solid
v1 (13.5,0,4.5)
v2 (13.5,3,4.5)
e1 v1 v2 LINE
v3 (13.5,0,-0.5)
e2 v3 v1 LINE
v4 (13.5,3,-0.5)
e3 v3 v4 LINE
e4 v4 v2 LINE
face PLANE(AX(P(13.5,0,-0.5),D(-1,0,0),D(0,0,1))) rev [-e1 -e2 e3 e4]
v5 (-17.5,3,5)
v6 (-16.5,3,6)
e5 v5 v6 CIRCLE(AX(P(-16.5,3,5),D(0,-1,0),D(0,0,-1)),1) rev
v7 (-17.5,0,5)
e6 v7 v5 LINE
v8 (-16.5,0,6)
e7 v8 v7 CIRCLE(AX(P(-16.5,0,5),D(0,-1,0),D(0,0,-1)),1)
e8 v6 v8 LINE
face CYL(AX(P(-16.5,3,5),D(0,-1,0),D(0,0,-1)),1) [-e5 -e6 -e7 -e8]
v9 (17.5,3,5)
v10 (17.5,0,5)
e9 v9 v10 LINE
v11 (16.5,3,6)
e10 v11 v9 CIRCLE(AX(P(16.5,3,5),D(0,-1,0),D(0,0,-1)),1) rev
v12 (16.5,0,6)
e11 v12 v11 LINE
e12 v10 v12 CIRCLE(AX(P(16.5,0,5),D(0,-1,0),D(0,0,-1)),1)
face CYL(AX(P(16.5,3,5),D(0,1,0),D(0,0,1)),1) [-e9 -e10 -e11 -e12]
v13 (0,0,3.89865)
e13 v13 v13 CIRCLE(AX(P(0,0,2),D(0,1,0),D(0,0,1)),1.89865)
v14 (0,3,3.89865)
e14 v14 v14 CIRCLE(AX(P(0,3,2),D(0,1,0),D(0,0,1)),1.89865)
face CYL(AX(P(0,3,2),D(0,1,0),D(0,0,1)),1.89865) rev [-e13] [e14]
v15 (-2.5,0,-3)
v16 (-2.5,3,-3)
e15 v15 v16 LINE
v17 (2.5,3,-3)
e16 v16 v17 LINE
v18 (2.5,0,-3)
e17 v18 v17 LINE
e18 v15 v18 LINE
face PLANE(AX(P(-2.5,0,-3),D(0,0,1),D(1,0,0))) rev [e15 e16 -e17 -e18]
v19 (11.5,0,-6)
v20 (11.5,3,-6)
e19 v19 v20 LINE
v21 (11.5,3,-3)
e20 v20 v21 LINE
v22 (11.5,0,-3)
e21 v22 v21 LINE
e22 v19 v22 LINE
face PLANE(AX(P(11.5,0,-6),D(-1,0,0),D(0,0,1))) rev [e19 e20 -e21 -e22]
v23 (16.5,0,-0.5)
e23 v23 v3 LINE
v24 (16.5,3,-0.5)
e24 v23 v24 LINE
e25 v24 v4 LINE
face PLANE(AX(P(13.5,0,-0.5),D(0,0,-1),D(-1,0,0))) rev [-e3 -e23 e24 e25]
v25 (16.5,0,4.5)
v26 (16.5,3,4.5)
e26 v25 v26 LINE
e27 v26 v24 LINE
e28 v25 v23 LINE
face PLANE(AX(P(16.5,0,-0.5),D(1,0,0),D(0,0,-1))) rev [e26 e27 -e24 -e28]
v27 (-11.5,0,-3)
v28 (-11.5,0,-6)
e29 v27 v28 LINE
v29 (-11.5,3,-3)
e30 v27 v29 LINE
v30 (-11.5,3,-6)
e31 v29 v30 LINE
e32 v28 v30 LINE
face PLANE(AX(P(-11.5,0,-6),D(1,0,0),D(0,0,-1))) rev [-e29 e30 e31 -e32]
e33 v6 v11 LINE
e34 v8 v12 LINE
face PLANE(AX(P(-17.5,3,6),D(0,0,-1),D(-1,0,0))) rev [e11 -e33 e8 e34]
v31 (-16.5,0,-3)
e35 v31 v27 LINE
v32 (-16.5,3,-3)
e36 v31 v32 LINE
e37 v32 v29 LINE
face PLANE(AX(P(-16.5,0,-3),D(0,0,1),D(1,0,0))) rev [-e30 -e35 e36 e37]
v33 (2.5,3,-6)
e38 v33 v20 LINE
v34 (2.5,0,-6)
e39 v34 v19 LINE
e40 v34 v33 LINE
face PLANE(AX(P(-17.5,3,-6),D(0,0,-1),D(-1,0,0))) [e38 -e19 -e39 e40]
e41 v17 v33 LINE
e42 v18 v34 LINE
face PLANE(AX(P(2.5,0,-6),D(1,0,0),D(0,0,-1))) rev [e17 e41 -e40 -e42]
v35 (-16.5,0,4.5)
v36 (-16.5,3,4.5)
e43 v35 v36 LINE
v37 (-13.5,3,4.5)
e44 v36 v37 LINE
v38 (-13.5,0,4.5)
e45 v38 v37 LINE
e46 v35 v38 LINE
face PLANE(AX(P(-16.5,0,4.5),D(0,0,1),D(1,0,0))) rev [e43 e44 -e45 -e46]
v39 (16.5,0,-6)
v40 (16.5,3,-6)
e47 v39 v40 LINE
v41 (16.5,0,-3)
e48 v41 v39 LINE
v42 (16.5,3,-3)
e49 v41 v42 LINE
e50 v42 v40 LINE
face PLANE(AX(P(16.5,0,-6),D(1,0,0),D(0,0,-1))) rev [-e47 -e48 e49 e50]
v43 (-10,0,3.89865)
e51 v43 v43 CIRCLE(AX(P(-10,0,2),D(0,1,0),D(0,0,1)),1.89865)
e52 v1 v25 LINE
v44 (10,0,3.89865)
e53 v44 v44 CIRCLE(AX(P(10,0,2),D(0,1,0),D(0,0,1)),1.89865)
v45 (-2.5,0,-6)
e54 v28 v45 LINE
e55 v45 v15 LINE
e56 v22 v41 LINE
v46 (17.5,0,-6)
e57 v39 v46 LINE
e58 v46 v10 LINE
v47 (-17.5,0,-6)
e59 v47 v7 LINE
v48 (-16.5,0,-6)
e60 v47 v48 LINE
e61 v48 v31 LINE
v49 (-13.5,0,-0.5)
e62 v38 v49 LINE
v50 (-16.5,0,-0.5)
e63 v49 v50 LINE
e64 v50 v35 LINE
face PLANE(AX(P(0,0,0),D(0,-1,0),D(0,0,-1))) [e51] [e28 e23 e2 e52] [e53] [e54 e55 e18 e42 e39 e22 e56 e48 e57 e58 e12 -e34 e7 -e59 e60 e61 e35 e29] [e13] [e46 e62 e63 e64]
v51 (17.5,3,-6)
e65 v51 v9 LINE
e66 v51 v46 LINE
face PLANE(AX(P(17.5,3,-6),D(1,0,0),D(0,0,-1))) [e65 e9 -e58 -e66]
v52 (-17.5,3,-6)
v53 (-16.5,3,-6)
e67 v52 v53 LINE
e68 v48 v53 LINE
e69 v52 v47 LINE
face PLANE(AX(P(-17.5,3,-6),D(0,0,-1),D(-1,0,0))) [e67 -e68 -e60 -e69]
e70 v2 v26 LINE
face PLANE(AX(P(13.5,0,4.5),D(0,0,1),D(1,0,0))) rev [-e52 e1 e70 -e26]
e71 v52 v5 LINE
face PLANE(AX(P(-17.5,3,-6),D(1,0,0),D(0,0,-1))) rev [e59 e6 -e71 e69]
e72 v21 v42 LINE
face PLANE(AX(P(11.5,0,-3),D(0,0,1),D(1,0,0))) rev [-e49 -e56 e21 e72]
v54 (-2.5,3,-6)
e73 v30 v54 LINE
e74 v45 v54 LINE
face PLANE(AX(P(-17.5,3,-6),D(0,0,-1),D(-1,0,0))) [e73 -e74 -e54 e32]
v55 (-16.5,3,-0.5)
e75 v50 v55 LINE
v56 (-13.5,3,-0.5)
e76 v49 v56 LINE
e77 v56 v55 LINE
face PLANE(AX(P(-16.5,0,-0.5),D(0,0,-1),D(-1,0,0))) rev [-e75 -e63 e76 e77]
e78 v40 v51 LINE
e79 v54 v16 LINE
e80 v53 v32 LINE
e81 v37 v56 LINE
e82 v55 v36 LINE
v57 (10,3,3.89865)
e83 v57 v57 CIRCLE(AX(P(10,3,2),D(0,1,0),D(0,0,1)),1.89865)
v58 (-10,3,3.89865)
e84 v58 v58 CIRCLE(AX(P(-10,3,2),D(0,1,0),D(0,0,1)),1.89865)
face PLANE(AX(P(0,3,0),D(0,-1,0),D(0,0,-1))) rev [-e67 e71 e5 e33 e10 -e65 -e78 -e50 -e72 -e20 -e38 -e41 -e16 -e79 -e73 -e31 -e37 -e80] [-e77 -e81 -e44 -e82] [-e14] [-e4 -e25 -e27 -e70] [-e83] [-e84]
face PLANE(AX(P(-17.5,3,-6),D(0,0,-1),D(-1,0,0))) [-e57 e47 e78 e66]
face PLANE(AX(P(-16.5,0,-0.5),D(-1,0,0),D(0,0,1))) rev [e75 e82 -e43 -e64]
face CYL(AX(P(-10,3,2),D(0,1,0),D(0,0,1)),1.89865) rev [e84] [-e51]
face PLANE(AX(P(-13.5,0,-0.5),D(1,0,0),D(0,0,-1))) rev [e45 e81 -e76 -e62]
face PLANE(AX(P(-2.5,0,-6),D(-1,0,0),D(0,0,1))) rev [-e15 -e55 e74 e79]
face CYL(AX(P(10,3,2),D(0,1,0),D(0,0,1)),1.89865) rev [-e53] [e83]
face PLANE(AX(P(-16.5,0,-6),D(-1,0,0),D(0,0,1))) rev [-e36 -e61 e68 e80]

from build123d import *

# Parameters (mm, degrees)
SKETCH1_W             = 35
SKETCH1_H             = 12
BOSS_EXTRUDE1_DEPTH   = 3
SKETCH5_W             = 3
SKETCH5_H             = 5
SKETCH5_W_2           = 5
SKETCH5_H_2           = 3
CUT_EXTRUDE1_DEPTH    = 3
FILLET1_R             = 1
F_6_CLEARANCE_HOLE2_D = 3.7973


with BuildPart() as part:
    # Sketch1 → Boss-Extrude1 (new body)
    with BuildSketch(Plane(origin=(0, 0, 0), x_dir=(1, 0, 0), z_dir=(0, 1, 0))):
        Rectangle(SKETCH1_W, SKETCH1_H)
    extrude(amount=BOSS_EXTRUDE1_DEPTH)

    # Sketch5 → Cut-Extrude1 (cut)
    with BuildSketch(Plane(origin=(0, 3, 0), x_dir=(1, 0, 0), z_dir=(0, 1, 0))):
        with Locations((-15, -2)):
            Rectangle(SKETCH5_W, SKETCH5_H)
        with Locations((15, -2)):
            Rectangle(SKETCH5_W, SKETCH5_H)
        with Locations((-14, 4.5)):
            Rectangle(SKETCH5_W_2, SKETCH5_H_2)
        with Locations((0, 4.5)):
            Rectangle(SKETCH5_W_2, SKETCH5_H_2)
        with Locations((14, 4.5)):
            Rectangle(SKETCH5_W_2, SKETCH5_H_2)
    extrude(amount=-CUT_EXTRUDE1_DEPTH, mode=Mode.SUBTRACT)

    # Fillet1
    fillet1_edges = [part.edges().sort_by_distance(p)[0] for p in [
        (-17.5, 1.5, 6),
        (17.5, 1.5, 6),
    ]]
    fillet(fillet1_edges, radius=FILLET1_R)

    # #6 Clearance Hole2 (through all)
    with Locations(Plane(origin=(0, 3, 0), x_dir=(1, 0, 0), z_dir=(0, 1, 0))):
        with Locations((-10, -2), (0, -2), (10, -2)):
            Hole(F_6_CLEARANCE_HOLE2_D / 2)


solid = part.part
